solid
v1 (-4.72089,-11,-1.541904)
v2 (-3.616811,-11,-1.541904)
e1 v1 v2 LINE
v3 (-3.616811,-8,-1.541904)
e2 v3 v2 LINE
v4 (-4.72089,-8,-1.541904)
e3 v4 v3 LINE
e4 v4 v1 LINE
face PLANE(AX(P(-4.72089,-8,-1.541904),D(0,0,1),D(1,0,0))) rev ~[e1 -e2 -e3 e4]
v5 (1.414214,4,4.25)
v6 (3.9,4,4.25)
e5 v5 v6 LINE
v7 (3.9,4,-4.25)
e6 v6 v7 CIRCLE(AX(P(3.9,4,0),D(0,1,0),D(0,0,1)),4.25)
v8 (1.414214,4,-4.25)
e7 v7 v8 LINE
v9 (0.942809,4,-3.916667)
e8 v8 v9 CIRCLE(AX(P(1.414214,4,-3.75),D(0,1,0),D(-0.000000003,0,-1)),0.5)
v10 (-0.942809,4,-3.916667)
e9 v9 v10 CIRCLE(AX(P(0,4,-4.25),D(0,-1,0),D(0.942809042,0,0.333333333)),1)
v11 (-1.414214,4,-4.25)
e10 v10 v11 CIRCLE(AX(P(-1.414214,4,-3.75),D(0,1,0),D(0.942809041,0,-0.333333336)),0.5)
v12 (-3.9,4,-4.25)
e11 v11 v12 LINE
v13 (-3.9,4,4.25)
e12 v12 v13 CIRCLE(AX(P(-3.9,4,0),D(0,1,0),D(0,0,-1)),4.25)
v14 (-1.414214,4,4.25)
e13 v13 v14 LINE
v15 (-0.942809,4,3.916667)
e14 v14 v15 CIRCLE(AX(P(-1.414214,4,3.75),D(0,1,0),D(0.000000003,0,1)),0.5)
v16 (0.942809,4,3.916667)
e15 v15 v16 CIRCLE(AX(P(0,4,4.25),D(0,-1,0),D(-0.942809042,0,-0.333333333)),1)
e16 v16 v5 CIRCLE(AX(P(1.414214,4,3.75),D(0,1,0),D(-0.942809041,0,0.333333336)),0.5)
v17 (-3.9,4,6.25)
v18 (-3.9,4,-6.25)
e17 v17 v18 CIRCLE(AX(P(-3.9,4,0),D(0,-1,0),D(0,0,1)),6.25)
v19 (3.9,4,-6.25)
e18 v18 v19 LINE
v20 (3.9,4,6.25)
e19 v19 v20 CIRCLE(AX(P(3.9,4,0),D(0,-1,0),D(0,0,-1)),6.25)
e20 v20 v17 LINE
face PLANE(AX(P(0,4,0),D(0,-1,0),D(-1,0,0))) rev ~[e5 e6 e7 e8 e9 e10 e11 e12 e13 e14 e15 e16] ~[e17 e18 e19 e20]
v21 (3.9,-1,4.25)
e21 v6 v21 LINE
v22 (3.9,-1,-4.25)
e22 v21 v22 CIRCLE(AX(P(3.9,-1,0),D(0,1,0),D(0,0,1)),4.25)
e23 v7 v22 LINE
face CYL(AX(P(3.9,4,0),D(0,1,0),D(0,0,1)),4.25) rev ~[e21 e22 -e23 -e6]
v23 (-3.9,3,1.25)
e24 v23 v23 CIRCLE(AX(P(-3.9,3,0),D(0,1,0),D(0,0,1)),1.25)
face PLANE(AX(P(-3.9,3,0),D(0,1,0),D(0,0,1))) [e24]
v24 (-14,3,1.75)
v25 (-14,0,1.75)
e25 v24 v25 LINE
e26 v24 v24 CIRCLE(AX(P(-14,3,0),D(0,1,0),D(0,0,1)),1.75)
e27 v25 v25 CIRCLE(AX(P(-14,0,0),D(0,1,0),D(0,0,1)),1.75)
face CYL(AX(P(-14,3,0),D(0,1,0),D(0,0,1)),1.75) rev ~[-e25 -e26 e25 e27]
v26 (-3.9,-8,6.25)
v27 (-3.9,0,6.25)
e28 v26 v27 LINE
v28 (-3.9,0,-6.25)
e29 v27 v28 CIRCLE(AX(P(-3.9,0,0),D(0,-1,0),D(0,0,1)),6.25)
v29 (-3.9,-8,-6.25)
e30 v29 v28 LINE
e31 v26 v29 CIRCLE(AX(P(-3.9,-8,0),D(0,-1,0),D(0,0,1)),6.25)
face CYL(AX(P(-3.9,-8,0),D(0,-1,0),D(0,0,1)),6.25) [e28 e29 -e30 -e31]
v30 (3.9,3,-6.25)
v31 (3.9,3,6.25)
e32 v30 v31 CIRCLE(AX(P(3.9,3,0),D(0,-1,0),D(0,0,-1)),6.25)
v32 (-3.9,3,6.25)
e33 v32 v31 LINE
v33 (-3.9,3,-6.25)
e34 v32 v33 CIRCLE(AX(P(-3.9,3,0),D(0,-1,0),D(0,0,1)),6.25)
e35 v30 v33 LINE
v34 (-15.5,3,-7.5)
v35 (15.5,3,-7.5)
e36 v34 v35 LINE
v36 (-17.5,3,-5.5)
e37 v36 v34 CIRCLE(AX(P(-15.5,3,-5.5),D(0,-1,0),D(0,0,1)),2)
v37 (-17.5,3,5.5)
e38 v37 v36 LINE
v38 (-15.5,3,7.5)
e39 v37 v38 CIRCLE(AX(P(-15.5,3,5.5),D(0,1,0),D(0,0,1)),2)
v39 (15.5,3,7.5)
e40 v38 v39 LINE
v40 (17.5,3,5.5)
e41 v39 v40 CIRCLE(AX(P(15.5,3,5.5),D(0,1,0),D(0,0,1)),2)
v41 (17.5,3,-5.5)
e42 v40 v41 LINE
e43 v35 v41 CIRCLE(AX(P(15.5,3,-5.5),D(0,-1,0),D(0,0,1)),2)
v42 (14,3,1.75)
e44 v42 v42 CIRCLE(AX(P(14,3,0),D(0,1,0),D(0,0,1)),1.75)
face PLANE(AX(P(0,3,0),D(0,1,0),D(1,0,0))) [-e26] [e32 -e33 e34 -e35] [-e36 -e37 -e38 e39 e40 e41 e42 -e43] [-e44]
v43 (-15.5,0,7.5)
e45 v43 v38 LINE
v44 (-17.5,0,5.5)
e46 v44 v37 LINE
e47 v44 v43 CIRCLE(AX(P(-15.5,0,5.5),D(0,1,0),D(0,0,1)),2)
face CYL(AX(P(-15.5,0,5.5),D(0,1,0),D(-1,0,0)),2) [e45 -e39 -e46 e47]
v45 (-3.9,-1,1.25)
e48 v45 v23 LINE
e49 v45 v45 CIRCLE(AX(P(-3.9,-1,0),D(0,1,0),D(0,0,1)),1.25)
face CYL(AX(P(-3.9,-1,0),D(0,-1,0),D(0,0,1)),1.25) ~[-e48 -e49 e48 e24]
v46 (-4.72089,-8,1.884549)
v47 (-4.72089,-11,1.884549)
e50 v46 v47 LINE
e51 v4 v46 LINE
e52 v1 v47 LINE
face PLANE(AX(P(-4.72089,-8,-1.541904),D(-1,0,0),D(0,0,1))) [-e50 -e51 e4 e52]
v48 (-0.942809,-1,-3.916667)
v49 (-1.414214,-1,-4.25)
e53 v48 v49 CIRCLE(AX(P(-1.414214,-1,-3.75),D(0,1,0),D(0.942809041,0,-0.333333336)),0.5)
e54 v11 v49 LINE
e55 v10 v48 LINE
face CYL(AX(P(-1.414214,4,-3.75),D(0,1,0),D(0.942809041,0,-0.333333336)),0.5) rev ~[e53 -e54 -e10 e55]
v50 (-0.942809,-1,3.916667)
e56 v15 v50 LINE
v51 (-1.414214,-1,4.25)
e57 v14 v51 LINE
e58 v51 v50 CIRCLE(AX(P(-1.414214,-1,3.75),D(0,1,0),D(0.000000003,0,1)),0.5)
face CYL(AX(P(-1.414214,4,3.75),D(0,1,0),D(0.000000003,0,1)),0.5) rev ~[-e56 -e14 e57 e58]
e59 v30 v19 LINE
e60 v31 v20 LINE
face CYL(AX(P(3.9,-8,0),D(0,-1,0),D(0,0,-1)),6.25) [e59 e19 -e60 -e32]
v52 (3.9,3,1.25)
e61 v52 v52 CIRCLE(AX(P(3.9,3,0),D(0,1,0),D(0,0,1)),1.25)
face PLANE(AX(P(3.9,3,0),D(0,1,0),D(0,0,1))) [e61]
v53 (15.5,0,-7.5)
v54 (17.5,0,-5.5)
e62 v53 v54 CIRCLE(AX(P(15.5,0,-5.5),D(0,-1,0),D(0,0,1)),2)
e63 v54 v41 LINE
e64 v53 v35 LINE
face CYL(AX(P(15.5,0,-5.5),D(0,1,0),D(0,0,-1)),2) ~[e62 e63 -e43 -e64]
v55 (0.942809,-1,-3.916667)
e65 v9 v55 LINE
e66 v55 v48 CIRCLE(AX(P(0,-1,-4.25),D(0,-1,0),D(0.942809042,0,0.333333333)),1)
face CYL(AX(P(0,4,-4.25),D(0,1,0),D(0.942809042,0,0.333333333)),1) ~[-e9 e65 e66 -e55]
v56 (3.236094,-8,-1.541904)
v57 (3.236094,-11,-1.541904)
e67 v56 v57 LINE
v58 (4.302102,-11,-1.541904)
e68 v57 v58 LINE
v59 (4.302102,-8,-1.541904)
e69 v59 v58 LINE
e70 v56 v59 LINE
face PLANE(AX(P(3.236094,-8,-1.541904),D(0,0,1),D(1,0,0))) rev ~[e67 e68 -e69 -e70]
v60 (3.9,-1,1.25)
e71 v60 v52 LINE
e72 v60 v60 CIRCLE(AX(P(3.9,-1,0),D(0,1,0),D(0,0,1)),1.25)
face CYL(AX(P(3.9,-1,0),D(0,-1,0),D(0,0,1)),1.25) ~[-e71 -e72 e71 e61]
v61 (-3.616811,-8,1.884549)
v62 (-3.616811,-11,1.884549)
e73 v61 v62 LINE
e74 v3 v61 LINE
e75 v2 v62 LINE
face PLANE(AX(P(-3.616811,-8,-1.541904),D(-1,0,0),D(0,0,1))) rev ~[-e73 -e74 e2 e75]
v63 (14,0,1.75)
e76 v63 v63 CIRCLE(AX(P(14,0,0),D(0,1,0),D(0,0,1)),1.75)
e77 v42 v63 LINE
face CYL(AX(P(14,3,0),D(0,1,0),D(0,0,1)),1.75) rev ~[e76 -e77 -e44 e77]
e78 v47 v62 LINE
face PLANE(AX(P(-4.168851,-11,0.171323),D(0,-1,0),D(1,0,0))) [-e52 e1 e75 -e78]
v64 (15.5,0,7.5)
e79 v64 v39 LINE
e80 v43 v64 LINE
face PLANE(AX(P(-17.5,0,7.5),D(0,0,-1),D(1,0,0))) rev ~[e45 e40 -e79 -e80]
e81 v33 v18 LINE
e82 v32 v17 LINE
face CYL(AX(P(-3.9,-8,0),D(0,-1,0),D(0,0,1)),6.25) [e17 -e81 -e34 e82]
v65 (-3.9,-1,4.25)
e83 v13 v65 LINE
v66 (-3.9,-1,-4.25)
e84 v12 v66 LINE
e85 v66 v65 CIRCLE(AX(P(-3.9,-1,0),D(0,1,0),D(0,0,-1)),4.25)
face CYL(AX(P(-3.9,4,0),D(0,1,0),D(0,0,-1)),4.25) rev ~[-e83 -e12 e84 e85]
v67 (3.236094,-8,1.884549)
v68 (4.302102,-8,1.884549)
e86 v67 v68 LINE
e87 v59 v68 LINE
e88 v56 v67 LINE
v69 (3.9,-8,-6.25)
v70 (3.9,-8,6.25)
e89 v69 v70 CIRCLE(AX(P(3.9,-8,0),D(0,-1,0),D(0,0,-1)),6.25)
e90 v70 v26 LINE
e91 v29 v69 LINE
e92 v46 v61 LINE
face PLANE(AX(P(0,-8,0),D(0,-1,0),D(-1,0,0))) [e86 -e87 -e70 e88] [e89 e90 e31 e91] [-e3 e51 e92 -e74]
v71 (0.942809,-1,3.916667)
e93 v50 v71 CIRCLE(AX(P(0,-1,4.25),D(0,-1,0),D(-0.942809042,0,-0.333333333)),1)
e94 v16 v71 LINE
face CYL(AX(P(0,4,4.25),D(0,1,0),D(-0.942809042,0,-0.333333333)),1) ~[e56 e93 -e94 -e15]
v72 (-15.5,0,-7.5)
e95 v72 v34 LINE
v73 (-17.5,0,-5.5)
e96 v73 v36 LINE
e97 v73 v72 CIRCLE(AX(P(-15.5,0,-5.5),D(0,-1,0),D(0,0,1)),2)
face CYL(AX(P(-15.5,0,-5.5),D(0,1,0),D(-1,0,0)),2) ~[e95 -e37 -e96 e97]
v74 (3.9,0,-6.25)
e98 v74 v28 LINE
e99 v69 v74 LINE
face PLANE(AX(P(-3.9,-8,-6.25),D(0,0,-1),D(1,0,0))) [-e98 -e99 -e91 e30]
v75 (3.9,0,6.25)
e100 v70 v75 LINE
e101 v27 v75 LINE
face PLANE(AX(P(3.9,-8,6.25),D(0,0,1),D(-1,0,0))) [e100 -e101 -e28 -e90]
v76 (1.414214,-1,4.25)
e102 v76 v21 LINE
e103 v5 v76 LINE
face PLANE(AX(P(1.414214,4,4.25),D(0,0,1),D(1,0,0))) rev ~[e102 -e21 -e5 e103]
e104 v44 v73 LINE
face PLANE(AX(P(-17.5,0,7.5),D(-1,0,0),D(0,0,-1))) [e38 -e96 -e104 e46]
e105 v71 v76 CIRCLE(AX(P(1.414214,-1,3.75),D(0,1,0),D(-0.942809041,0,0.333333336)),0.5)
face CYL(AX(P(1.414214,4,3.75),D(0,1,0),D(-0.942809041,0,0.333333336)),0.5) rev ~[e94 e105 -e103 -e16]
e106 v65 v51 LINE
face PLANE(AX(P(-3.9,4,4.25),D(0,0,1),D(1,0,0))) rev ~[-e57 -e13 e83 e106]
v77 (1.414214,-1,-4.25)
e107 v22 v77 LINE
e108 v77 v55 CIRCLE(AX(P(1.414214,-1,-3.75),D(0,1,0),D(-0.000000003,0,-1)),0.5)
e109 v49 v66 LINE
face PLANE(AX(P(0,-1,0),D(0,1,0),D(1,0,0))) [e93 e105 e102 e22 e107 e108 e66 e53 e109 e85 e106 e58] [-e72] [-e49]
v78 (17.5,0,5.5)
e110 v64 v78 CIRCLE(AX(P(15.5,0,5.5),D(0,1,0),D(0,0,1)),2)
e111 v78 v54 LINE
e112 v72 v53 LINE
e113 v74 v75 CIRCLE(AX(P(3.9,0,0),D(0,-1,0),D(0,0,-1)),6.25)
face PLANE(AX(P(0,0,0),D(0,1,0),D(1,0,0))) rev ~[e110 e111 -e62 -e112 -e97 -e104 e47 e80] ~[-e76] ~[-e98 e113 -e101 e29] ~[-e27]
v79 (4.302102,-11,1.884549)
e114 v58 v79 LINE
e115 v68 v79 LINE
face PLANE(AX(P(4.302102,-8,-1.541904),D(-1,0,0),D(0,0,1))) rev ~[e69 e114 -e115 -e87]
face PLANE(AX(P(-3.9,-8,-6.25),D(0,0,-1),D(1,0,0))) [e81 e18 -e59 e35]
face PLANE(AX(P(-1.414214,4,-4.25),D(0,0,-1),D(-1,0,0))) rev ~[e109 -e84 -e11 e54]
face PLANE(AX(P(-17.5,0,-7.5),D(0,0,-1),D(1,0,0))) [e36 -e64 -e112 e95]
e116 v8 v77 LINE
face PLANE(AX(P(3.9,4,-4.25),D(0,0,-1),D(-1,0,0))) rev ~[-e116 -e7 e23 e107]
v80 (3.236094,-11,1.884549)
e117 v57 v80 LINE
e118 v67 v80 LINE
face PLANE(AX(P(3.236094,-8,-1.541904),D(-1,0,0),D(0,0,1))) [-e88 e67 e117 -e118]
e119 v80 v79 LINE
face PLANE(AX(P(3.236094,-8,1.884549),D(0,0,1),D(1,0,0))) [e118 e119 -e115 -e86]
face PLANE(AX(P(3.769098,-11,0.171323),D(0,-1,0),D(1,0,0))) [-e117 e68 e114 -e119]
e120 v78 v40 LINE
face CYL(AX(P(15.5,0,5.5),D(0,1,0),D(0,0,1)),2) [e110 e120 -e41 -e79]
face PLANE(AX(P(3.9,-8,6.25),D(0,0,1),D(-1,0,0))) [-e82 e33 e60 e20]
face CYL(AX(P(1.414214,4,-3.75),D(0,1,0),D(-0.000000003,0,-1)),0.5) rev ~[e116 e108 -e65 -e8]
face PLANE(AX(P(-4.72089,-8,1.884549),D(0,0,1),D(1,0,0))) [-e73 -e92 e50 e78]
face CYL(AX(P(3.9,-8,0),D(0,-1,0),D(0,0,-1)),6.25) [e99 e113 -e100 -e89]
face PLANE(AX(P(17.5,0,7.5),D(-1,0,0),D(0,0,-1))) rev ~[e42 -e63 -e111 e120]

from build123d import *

# Parameters (mm, degrees)
SKETCH_1_W           = 35
SKETCH_1_H           = 15
EXTRUDE_1_DEPTH      = 3
EXTRUDE_2_DEPTH      = 1
EXTRUDE_2_DEPTH_BACK = 11
SKETCH_3_R           = 1.75
CUT_EXTRUDE_1_DEPTH  = 22.988633427
CUT_EXTRUDE_2_DEPTH  = 5
SKETCH_6_R           = 1.25
EXTRUDE_3_DEPTH      = 4
FILLET_1_R           = 2
SKETCH_7_W           = 1.104079178
SKETCH_7_H           = 3.426452622
SKETCH_7_W_2         = 1.066007483
EXTRUDE_4_DEPTH      = 3


with BuildPart() as part:
    # 草图1 → 凸台-拉伸1 (new body)
    with BuildSketch(Plane(origin=(0, 0, 0), x_dir=(1, 0, 0), z_dir=(0, 1, 0))):
        Rectangle(SKETCH_1_W, SKETCH_1_H)
    extrude(amount=EXTRUDE_1_DEPTH)

    # 草图2 → 凸台-拉伸2 (add, two sides: drawn at the far end of the back side and taken through both)
    with BuildSketch(Plane(origin=(0, 3, 0), x_dir=(1, 0, 0), z_dir=(0, 1, 0)).offset(-EXTRUDE_2_DEPTH_BACK)):
        with BuildLine():
            Line((-3.9, 6.25), (3.9, 6.25))
            ThreePointArc((3.9, 6.25), (10.15, 0), (3.9, -6.25))
            Line((3.9, -6.25), (-3.9, -6.25))
            ThreePointArc((-3.9, -6.25), (-10.15, 0), (-3.9, 6.25))
        make_face()
    extrude(amount=EXTRUDE_2_DEPTH + EXTRUDE_2_DEPTH_BACK)

    # 草图3 → 切除-拉伸1 (cut, through all)
    with BuildSketch(Plane(origin=(0, 3, 0), x_dir=(1, 0, 0), z_dir=(0, 1, 0))):
        with Locations(Location((-14, 0, 0), (0, 0, 270))):
            Circle(SKETCH_3_R)
        with Locations(Location((14, 0, 0), (0, 0, 270))):
            Circle(SKETCH_3_R)
    extrude(amount=-CUT_EXTRUDE_1_DEPTH, mode=Mode.SUBTRACT)

    # 草图5 → 切除-拉伸2 (cut)
    with BuildSketch(Plane(origin=(0, 4, 0), x_dir=(1, 0, 0), z_dir=(0, 1, 0))):
        with BuildLine():
            Line((-1.414213562, 4.25), (-3.9, 4.25))
            ThreePointArc((-3.9, 4.25), (-8.15, 0), (-3.9, -4.25))
            Line((-3.9, -4.25), (-1.414213562, -4.25))
            ThreePointArc((-1.414213562, -4.25), (-1.125538428, -4.15824829), (-0.942809042, -3.916666667))
            ThreePointArc((-0.942809042, -3.916666667), (0, -3.25), (0.942809042, -3.916666667))
            ThreePointArc((0.942809042, -3.916666667), (1.125538428, -4.15824829), (1.414213562, -4.25))
            Line((1.414213562, -4.25), (3.9, -4.25))
            ThreePointArc((3.9, -4.25), (8.15, 0), (3.9, 4.25))
            Line((3.9, 4.25), (1.414213562, 4.25))
            ThreePointArc((1.414213562, 4.25), (1.125538428, 4.15824829), (0.942809042, 3.916666667))
            ThreePointArc((0.942809042, 3.916666667), (0, 3.25), (-0.942809042, 3.916666667))
            ThreePointArc((-0.942809042, 3.916666667), (-1.125538428, 4.15824829), (-1.414213562, 4.25))
        make_face()
    extrude(amount=-CUT_EXTRUDE_2_DEPTH, mode=Mode.SUBTRACT)

    # 草图6 → 凸台-拉伸3 (add)
    with BuildSketch(Plane(origin=(0, -1, 0), x_dir=(1, 0, 0), z_dir=(0, 1, 0))):
        with Locations(Location((-3.9, 0, 0), (0, 0, 270))):
            Circle(SKETCH_6_R)
        with Locations(Location((3.9, 0, 0), (0, 0, 270))):
            Circle(SKETCH_6_R)
    extrude(amount=EXTRUDE_3_DEPTH)

    # 圆角1
    fillet_1_edges = [part.edges().sort_by_distance(p)[0] for p in [
        (17.5, 1.5, 7.5),
        (-17.5, 1.5, 7.5),
        (-17.5, 1.5, -7.5),
        (17.5, 1.5, -7.5),
    ]]
    fillet(fillet_1_edges, radius=FILLET_1_R)

    # 草图7 → 凸台-拉伸4 (add)
    with BuildSketch(Plane.XZ.offset(8)):
        with Locations((-4.16885069, 0.171322631)):
            Rectangle(SKETCH_7_W, SKETCH_7_H)
        with Locations((3.769097885, 0.171322631)):
            Rectangle(SKETCH_7_W_2, SKETCH_7_H)
    extrude(amount=EXTRUDE_4_DEPTH)


solid = part.part
